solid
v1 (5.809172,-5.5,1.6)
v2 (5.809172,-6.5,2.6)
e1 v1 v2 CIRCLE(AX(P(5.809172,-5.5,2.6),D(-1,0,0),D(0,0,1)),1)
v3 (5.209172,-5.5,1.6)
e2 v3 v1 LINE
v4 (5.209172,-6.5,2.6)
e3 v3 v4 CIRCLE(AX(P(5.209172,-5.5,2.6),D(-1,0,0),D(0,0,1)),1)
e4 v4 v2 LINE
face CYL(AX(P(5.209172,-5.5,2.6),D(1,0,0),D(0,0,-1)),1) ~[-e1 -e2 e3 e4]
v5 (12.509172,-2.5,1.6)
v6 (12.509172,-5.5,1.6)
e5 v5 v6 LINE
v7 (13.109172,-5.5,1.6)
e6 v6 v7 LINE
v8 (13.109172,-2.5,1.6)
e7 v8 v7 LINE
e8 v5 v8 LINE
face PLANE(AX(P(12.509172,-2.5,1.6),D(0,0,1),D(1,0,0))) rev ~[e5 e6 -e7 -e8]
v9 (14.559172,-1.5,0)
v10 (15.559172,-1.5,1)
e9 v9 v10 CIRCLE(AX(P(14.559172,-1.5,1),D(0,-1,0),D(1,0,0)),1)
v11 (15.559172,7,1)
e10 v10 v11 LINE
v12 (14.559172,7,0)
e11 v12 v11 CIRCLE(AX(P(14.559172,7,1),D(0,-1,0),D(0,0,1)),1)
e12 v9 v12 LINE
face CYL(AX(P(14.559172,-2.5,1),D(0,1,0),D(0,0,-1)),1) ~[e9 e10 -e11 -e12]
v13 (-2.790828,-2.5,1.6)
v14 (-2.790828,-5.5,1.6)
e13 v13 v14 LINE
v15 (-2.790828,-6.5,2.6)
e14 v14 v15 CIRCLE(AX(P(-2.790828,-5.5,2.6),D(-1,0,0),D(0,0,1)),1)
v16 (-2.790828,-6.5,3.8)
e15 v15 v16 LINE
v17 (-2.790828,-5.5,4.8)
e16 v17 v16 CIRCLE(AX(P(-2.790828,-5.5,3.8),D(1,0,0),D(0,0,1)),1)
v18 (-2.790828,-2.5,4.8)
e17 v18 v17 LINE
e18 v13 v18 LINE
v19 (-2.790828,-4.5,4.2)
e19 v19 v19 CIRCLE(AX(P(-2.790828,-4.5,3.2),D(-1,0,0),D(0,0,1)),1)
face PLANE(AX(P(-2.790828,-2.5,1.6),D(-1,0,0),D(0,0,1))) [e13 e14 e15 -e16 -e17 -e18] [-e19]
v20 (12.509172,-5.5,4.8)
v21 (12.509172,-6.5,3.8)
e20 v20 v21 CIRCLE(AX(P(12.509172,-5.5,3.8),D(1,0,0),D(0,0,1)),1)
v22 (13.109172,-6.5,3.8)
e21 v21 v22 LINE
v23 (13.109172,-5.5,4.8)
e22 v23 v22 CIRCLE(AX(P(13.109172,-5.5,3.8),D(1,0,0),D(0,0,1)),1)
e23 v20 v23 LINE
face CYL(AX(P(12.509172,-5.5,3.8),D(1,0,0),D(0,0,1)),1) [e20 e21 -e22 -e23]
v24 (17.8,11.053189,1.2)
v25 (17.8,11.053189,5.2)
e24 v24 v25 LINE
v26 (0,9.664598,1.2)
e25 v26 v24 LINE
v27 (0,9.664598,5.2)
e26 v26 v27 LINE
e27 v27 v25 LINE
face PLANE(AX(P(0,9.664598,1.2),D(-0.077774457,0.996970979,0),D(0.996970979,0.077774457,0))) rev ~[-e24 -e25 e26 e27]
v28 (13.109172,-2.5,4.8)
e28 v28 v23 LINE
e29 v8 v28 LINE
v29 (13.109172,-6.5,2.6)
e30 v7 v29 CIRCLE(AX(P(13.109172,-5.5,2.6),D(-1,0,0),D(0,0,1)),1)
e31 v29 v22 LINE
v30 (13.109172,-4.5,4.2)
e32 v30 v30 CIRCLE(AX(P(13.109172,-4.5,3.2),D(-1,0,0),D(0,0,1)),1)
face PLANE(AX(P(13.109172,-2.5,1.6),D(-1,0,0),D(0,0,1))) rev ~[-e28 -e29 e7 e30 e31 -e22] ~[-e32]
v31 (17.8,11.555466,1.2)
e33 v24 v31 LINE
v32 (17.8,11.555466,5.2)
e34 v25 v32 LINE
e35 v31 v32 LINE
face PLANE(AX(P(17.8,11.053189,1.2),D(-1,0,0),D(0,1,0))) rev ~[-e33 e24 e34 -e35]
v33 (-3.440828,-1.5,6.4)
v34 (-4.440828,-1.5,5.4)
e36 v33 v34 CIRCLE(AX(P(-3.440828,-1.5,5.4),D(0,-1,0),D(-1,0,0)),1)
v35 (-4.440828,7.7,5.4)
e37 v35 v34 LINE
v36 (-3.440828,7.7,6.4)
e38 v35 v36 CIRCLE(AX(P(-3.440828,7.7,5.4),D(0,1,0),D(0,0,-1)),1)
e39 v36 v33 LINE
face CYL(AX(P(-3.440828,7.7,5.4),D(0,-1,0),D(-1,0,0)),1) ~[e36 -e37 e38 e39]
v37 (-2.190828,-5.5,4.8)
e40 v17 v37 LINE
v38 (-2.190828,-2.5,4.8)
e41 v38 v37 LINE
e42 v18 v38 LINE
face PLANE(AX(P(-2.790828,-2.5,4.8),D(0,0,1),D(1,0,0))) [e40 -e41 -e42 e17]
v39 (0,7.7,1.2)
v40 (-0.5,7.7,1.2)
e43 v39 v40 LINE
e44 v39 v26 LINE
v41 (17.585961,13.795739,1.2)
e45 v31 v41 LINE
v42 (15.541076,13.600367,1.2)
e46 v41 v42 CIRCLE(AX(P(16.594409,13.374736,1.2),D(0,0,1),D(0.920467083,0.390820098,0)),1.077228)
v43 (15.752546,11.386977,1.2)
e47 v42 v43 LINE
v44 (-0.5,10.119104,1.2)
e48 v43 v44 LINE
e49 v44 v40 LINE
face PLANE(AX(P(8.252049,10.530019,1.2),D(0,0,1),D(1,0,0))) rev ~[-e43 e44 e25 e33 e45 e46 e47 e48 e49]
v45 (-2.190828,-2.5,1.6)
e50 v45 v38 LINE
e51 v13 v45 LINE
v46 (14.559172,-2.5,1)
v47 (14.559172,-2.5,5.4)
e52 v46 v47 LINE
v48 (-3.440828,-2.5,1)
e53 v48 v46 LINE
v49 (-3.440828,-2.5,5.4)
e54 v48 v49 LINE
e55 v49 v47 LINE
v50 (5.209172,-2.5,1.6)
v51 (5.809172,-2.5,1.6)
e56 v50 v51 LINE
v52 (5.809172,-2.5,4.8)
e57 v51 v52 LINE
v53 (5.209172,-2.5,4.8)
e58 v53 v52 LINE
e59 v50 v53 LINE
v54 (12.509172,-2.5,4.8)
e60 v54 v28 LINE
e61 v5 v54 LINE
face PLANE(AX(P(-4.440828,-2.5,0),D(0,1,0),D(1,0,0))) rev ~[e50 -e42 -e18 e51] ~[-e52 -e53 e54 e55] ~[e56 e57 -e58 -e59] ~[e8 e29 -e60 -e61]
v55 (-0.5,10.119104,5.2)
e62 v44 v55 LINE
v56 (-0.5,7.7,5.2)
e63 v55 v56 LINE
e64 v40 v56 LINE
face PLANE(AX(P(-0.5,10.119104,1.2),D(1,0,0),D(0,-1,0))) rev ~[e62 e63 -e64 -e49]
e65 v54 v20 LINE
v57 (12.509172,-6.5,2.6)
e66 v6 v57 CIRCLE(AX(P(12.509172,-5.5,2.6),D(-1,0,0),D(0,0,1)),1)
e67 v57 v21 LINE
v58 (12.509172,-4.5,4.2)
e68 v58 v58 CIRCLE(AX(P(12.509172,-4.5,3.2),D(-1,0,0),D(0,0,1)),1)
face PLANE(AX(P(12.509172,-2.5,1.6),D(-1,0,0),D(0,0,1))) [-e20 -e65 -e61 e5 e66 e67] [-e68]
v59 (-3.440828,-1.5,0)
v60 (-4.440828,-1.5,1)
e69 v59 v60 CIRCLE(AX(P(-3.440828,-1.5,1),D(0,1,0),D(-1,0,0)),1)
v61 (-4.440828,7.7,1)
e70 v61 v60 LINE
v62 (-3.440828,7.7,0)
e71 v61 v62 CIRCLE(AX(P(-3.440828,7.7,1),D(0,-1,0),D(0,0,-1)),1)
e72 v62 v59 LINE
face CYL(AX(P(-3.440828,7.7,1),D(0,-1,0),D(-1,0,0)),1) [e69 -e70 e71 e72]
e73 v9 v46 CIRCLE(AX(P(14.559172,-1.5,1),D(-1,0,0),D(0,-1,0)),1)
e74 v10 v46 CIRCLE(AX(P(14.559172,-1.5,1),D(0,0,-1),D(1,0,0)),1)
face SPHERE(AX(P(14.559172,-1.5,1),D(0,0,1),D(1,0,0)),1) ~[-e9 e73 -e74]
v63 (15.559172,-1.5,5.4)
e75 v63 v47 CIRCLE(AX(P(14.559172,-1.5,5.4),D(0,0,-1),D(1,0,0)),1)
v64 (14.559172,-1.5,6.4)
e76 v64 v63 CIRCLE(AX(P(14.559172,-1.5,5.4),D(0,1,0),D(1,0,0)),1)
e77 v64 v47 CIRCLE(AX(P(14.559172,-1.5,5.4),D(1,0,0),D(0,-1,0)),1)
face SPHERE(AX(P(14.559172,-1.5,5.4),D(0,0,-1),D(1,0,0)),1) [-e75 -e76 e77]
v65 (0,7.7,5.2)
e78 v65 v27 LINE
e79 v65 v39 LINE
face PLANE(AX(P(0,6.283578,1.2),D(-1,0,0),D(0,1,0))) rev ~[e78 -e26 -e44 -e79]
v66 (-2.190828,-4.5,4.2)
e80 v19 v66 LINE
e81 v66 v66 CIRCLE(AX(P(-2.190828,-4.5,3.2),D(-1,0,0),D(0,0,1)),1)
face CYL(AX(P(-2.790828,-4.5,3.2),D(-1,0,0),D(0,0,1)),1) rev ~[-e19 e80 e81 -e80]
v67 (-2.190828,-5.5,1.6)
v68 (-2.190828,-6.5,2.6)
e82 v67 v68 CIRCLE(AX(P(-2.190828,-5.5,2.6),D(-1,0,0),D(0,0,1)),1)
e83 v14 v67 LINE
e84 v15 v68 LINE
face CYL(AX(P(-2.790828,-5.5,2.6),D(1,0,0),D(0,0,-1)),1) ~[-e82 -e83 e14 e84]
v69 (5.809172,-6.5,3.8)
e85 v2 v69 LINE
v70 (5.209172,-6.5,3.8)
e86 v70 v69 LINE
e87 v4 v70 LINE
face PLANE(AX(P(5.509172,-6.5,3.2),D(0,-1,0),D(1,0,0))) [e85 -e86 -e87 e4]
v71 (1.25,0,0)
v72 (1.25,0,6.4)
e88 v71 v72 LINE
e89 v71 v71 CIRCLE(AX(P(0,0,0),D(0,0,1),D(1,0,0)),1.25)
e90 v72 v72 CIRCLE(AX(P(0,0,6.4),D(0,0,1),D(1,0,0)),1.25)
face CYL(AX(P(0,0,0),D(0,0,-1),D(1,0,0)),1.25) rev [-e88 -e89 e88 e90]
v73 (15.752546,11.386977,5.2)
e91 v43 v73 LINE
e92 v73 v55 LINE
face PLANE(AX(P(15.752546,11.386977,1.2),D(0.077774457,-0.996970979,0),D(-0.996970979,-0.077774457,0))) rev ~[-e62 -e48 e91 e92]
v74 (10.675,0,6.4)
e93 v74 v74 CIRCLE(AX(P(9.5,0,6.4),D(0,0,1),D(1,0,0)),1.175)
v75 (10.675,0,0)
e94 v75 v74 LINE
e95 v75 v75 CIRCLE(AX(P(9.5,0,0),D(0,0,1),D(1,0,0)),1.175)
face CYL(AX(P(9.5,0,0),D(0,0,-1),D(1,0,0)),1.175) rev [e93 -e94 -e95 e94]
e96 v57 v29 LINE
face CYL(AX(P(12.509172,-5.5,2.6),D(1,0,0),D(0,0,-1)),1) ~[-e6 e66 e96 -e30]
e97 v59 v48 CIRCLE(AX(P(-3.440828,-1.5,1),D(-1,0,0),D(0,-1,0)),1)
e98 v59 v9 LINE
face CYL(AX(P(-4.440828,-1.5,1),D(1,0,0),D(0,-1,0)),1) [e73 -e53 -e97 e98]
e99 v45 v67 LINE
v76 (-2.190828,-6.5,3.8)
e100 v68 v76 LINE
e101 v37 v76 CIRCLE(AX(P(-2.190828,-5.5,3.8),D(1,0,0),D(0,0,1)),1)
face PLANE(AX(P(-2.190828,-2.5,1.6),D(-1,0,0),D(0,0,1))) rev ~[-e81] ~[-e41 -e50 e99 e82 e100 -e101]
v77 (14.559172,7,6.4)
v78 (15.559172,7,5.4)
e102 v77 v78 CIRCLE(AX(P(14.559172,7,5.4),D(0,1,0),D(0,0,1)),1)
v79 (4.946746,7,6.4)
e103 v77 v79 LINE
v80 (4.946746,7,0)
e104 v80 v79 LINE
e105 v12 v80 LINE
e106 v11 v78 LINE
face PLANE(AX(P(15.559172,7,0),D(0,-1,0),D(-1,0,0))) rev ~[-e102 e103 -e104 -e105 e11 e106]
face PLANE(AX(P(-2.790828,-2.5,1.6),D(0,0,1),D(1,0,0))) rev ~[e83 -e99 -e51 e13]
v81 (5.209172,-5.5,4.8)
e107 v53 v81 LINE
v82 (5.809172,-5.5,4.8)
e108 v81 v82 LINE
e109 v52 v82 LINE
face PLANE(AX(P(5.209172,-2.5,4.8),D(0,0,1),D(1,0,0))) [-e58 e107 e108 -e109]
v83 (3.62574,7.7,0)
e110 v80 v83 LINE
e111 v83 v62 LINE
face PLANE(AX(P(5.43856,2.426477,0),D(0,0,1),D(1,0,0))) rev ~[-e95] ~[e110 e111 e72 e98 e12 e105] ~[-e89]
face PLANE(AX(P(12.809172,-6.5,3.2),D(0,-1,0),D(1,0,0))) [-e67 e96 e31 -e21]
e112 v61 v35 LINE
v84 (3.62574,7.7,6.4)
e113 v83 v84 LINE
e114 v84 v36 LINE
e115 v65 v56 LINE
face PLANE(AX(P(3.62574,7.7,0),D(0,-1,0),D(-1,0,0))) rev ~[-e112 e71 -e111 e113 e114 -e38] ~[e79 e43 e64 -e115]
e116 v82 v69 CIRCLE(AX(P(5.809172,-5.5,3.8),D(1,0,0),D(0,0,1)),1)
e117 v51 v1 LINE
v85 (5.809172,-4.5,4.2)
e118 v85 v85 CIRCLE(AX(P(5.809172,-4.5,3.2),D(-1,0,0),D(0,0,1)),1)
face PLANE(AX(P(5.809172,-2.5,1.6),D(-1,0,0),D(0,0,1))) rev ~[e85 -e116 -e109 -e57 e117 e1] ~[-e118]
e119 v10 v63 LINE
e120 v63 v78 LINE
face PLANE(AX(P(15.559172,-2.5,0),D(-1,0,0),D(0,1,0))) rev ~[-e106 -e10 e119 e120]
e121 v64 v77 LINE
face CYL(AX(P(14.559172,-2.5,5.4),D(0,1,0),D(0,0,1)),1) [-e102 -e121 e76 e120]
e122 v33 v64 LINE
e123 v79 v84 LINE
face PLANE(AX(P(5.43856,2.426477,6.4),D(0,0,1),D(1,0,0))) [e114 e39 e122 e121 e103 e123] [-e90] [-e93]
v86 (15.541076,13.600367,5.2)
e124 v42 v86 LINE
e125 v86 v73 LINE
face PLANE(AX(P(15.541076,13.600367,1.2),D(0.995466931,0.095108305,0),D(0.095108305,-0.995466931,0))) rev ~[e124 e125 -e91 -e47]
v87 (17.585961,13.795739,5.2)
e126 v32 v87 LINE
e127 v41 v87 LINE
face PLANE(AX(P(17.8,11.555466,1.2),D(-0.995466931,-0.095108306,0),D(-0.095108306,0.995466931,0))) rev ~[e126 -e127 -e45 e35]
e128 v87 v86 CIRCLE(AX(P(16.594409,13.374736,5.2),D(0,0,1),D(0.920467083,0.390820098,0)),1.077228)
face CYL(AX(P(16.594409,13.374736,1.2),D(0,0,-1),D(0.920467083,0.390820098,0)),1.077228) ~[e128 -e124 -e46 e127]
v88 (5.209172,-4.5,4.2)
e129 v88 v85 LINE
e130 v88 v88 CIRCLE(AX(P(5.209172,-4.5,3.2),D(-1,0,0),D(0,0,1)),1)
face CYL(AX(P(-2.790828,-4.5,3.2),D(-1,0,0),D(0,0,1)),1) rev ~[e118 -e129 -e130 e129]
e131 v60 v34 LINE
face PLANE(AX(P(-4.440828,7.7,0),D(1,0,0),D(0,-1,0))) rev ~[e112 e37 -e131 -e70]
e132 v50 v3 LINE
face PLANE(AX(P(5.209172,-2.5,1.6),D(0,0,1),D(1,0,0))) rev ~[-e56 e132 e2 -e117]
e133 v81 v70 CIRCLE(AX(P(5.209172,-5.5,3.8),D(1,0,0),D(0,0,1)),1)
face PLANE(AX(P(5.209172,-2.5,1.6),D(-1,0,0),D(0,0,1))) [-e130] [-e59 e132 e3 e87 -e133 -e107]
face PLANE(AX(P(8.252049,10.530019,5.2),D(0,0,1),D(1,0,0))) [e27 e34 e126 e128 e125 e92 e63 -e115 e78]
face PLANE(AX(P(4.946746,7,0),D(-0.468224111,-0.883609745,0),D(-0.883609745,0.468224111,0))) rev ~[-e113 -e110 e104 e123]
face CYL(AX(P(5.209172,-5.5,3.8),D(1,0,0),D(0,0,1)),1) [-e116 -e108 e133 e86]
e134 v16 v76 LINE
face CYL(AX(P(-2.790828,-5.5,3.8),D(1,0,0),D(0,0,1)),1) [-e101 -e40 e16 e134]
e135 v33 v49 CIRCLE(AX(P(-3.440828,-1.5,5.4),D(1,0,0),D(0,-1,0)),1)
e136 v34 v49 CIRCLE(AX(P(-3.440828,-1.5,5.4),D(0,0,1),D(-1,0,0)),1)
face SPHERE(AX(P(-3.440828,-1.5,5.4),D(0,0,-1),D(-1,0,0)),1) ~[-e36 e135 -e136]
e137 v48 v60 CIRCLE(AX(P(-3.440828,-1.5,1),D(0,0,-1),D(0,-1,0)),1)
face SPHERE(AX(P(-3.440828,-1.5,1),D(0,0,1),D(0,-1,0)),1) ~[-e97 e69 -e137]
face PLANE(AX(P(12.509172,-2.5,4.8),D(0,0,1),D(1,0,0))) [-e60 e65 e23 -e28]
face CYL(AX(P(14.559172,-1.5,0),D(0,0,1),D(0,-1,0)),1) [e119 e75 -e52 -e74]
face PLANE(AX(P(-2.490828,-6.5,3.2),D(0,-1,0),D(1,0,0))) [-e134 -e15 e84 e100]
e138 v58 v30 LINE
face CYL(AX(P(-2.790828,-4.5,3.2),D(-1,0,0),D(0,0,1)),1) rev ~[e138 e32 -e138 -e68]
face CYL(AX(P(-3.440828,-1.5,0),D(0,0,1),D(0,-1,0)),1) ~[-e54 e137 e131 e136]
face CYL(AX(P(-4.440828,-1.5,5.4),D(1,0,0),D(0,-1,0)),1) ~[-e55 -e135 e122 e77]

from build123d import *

# Parameters (mm, degrees)
SKETCH_1_R           = 1.25
SKETCH_1_R_2         = 1.175
EXTRUDE_1_DEPTH      = 6.4
SKETCH_3_W           = 0.6
SKETCH_3_H           = 3.2
EXTRUDE_2_DEPTH      = 4
SKETCH_4_R           = 1
CUT_EXTRUDE_1_DEPTH  = 20
FILLET_1_R           = 1
FILLET_2_R           = 1
EXTRUDE_3_DEPTH      = 2
EXTRUDE_3_DEPTH_BACK = 2


with BuildPart() as part:
    # 草图1 → 凸台-拉伸1 (new body)
    with BuildSketch(Plane.XY):
        Polygon((-4.440828402, -2.5), (15.559171598, -2.5), (15.559171598, 7), (4.946745562, 7), (3.625739645, 7.7), (-4.440828402, 7.7), align=None)
        Circle(SKETCH_1_R, mode=Mode.SUBTRACT)
        with Locations((9.5, 0)):
            Circle(SKETCH_1_R_2, mode=Mode.SUBTRACT)
    extrude(amount=EXTRUDE_1_DEPTH)

    # 草图3 → 凸台-拉伸2 (add)
    with BuildSketch(Plane.XZ.offset(2.5)):
        with Locations((12.809171598, 3.2)):
            Rectangle(SKETCH_3_W, SKETCH_3_H)
        with Locations((-2.490828402, 3.2)):
            Rectangle(SKETCH_3_W, SKETCH_3_H)
        with Locations((5.509171598, 3.2)):
            Rectangle(SKETCH_3_W, SKETCH_3_H)
    extrude(amount=EXTRUDE_2_DEPTH)

    # 草图4 → 切除-拉伸1 (cut)
    with BuildSketch(Plane.ZY.offset(2.790828402)):
        with Locations((3.2, -4.5)):
            Circle(SKETCH_4_R)
    extrude(amount=-CUT_EXTRUDE_1_DEPTH, mode=Mode.SUBTRACT)

    # 圆角1
    fillet_1_edges = [part.edges().sort_by_distance(p)[0] for p in [
        (-2.490828402, -6.5, 1.6),
        (-2.490828402, -6.5, 4.8),
        (5.509171598, -6.5, 1.6),
        (5.509171598, -6.5, 4.8),
        (12.809171598, -6.5, 1.6),
        (12.809171598, -6.5, 4.8),
    ]]
    fillet(fillet_1_edges, radius=FILLET_1_R)

    # 圆角2
    fillet_2_edges = [part.edges().sort_by_distance(p)[0] for p in [
        (15.559171598, -2.5, 3.2),
        (-4.440828402, -2.5, 3.2),
        (15.559171598, 2.25, 6.4),
        (-4.440828402, 2.6, 6.4),
        (15.559171598, 2.25, 0),
        (5.559171598, -2.5, 0),
        (-4.440828402, 2.6, 0),
        (5.559171598, -2.5, 6.4),
    ]]
    fillet(fillet_2_edges, radius=FILLET_2_R)

    # 草图5 → 凸台-拉伸3 (add, two sides: drawn at the far end of the back side and taken through both)
    with BuildSketch(Plane.XY.offset(3.2).offset(-EXTRUDE_3_DEPTH_BACK)):
        with BuildLine():
            Line((0, 6.283577636), (0, 9.664597829))
            Line((0, 9.664597829), (17.8, 11.053189231))
            Line((17.8, 11.053189231), (17.8, 11.555466087))
            Line((17.8, 11.555466087), (17.585961229, 13.795738554))
            ThreePointArc((17.585961229, 13.795738554), (16.491955313, 14.447080857), (15.54107575, 13.60036733))
            Line((15.54107575, 13.60036733), (15.75254613, 11.386977345))
            Line((15.75254613, 11.386977345), (-0.5, 10.119103985))
            Line((-0.5, 10.119103985), (-0.5, 6.283577636))
            Line((-0.5, 6.283577636), (0, 6.283577636))
        make_face()
    extrude(amount=EXTRUDE_3_DEPTH + EXTRUDE_3_DEPTH_BACK)


solid = part.part
